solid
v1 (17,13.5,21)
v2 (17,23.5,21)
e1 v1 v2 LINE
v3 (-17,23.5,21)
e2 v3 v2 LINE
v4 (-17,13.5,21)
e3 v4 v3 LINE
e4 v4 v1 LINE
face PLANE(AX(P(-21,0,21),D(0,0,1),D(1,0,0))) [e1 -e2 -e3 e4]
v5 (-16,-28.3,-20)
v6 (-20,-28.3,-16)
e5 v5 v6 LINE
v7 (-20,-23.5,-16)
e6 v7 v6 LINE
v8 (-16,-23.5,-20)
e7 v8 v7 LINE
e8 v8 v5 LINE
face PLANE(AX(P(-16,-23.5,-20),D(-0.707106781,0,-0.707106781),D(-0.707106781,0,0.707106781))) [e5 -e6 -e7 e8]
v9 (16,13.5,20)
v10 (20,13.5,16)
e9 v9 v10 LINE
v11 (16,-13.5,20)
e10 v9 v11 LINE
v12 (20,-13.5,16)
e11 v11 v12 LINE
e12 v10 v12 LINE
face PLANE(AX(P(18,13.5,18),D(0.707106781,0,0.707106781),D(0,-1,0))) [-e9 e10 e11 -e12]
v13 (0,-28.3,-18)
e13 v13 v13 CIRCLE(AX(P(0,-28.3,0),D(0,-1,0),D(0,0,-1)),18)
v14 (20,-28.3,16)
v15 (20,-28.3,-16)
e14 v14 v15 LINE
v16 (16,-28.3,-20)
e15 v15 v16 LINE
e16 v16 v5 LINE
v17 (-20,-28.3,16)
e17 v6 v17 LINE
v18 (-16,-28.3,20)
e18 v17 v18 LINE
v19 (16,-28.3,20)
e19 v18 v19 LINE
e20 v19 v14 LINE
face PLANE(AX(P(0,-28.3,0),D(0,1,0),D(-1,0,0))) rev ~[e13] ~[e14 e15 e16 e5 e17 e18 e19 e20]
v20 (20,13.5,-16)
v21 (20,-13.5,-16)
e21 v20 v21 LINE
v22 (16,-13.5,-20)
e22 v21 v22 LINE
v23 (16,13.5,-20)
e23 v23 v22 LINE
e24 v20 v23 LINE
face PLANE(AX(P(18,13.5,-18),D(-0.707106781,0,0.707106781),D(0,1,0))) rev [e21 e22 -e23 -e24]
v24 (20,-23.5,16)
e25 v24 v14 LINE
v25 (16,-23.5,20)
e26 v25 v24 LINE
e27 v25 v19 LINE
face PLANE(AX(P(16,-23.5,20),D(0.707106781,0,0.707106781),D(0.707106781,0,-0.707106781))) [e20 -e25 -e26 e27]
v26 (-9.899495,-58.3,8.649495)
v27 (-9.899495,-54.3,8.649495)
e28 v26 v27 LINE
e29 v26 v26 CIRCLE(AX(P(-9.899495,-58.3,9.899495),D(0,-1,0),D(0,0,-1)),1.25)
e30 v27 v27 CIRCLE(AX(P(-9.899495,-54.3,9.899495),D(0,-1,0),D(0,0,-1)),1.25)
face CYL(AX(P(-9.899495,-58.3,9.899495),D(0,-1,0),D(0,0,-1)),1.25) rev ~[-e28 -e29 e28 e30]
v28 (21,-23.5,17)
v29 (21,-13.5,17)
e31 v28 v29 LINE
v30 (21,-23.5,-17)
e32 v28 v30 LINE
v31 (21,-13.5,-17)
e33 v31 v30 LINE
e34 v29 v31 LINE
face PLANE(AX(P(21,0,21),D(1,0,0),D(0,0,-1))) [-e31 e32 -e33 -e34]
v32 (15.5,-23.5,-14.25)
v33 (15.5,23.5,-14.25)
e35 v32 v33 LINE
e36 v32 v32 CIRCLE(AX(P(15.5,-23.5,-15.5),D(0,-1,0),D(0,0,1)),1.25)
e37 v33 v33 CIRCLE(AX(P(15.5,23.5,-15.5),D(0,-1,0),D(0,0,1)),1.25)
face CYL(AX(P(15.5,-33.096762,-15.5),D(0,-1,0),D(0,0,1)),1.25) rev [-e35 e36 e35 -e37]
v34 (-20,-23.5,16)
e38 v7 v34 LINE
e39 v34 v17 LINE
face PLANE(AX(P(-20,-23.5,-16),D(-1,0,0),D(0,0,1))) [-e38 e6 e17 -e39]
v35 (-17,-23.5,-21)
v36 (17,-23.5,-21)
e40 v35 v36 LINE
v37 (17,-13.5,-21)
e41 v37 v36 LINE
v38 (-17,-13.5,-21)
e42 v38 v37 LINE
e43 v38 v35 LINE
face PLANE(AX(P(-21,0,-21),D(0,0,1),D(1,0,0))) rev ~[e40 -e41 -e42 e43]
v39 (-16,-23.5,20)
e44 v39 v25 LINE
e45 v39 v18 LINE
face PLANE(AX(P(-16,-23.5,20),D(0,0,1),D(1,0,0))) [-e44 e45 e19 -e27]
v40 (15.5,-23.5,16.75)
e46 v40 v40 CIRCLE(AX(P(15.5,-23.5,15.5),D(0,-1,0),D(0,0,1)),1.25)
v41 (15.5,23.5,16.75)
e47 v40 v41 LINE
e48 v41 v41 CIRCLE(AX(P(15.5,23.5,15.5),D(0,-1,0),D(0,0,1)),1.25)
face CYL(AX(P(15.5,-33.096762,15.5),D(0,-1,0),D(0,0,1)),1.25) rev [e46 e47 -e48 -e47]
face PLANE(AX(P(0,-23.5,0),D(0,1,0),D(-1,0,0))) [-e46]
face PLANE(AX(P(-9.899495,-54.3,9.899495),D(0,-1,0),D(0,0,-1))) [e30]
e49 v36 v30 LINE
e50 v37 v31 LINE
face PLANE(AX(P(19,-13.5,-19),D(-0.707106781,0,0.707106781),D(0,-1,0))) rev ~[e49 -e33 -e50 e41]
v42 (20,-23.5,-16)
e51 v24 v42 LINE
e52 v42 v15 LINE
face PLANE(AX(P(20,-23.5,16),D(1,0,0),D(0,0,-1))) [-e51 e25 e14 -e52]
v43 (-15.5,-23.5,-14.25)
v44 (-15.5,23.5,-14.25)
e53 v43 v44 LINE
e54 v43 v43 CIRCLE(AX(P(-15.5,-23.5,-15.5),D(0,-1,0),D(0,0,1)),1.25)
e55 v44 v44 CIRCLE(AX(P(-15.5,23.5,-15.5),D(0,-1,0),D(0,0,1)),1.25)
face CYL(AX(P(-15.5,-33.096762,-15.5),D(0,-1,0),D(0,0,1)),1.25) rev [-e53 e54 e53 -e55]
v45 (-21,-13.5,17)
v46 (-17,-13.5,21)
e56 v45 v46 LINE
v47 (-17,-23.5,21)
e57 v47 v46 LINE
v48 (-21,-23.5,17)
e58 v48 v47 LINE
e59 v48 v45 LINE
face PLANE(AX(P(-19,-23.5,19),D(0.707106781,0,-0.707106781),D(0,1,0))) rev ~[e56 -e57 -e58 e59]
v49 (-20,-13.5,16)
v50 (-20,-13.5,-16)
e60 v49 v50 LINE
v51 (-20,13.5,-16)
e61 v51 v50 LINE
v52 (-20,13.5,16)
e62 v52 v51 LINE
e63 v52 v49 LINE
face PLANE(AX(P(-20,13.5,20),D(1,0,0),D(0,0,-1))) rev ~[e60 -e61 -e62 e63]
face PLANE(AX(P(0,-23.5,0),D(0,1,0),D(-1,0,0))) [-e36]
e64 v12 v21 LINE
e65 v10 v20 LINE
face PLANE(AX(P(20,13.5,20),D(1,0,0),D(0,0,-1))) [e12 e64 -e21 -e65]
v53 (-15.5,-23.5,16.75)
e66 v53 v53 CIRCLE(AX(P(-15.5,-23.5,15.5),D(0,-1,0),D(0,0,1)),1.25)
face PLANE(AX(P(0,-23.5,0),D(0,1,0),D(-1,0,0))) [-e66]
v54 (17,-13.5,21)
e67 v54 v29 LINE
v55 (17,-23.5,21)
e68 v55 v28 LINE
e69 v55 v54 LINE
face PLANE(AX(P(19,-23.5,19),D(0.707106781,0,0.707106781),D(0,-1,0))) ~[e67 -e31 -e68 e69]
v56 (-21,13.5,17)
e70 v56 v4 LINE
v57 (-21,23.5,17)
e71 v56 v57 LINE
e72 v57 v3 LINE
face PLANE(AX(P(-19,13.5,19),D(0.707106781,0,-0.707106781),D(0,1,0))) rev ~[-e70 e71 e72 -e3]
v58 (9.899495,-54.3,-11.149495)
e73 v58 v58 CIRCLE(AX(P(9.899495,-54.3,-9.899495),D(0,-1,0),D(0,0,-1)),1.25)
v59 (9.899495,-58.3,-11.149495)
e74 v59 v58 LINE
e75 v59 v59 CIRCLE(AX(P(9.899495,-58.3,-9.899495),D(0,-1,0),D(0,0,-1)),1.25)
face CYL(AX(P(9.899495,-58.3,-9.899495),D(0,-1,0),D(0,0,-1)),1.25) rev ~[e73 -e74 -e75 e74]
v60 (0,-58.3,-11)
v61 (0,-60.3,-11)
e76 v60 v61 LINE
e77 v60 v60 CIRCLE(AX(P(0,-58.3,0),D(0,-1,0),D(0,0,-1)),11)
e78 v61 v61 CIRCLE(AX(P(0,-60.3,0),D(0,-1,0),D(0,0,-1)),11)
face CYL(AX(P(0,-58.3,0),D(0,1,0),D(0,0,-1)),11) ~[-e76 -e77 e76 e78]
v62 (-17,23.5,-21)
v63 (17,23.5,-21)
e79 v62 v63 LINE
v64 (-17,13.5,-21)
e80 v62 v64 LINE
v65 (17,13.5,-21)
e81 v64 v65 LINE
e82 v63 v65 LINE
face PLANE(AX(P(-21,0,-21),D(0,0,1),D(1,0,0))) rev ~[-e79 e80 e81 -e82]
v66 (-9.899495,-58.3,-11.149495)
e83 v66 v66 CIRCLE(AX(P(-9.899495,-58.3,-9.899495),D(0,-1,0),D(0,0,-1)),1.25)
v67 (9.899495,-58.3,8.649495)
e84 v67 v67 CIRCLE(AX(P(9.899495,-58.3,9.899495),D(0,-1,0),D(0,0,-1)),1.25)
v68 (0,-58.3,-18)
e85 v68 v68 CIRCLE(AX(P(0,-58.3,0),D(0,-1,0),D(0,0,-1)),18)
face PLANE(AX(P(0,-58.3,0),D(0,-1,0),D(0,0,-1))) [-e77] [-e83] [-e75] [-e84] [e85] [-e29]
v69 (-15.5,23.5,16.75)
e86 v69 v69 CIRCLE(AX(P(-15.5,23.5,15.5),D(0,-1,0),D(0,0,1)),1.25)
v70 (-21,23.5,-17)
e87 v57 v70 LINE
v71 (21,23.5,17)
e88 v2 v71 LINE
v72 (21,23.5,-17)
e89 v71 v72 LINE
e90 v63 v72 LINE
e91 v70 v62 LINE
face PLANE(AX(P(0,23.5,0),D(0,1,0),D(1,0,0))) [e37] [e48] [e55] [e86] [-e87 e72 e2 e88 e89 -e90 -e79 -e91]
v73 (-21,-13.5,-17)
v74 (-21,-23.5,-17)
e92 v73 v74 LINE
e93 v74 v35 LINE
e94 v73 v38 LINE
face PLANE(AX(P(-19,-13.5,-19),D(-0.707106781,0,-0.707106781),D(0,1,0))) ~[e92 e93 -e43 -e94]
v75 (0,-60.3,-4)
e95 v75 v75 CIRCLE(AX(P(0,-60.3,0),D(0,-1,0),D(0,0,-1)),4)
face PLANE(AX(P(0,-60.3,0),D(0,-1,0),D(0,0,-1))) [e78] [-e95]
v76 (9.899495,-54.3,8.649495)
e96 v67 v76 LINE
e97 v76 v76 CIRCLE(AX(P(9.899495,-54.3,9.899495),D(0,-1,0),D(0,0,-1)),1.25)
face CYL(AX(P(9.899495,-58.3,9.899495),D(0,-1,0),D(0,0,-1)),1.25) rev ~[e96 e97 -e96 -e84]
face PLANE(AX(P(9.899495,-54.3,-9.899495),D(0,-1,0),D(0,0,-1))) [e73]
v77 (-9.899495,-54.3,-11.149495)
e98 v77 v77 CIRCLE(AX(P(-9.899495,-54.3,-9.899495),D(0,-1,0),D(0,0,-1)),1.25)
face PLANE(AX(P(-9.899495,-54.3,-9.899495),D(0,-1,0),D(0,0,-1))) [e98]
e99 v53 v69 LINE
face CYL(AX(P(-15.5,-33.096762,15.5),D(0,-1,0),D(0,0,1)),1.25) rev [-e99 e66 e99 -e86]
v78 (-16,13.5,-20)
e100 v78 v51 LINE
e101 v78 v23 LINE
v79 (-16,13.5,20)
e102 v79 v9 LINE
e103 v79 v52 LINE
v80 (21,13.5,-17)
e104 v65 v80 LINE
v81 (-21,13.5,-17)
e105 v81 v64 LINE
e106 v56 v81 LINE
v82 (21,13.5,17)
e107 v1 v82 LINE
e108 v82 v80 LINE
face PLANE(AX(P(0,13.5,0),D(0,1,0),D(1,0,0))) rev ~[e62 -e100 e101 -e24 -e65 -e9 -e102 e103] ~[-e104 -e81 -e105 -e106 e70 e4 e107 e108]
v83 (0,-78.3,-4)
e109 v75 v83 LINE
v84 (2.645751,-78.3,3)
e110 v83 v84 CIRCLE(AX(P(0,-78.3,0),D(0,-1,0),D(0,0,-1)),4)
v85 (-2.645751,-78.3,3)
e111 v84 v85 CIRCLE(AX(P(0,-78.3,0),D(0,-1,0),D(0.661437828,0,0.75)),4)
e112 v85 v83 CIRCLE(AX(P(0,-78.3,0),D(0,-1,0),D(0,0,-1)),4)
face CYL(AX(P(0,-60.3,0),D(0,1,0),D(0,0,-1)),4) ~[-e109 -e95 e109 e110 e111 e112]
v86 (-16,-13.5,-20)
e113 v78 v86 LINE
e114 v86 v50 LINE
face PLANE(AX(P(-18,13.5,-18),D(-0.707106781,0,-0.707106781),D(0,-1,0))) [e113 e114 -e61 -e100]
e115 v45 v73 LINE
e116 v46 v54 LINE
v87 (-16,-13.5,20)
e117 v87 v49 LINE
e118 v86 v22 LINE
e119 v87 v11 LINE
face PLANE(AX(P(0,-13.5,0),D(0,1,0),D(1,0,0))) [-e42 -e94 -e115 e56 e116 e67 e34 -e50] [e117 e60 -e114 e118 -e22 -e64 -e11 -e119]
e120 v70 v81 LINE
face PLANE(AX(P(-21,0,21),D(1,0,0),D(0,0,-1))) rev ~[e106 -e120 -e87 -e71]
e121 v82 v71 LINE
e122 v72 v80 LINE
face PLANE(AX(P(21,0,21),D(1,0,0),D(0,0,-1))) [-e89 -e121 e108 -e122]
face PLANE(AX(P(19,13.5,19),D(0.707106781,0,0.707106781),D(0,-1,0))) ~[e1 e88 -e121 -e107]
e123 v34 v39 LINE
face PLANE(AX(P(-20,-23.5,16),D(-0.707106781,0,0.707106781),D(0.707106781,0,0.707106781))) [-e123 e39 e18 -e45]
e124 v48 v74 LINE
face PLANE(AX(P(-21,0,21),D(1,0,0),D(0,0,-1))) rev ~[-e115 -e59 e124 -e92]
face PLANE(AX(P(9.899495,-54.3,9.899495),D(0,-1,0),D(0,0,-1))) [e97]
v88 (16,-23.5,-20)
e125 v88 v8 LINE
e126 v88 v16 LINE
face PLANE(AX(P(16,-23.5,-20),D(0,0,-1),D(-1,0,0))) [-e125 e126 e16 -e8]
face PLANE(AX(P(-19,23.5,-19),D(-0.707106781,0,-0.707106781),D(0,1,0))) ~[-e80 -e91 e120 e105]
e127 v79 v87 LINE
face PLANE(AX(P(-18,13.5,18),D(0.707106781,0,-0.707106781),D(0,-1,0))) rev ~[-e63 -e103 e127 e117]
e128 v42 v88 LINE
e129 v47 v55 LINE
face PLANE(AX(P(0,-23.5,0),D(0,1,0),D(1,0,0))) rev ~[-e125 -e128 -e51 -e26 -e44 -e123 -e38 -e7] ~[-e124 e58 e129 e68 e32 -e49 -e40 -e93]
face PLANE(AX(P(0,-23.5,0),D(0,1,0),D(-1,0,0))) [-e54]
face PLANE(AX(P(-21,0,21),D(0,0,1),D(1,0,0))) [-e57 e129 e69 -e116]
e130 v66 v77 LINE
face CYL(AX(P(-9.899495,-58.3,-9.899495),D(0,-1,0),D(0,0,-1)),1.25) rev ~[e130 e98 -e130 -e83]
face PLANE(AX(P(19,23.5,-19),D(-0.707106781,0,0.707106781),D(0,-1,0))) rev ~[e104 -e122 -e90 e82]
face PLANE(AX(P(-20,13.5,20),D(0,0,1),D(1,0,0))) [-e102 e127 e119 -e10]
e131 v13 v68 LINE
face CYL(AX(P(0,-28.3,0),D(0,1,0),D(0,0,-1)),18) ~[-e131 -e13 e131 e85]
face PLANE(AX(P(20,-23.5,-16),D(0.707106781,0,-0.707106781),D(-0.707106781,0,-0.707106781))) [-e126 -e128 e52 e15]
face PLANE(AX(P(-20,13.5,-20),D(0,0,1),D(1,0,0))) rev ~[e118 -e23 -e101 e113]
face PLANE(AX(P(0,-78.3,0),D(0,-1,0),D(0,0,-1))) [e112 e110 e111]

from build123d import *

# Parameters (mm, degrees)
SKETCH1_W               = 42
SKETCH1_H               = 42
BOSS_EXTRUDE1_DEPTH     = 23.5
CUT_EXTRUDE1_START      = -10
SKETCH2_W               = 42
SKETCH2_H               = 42
SKETCH2_W_2             = 40
SKETCH2_H_2             = 40
CUT_EXTRUDE1_DEPTH      = 27
CHAMFER1_SIZE           = 4
CUT_EXTRUDE2_DEPTH      = 56.596762496
CUT_EXTRUDE2_DEPTH_BACK = 56.596762496
SKETCH4_R               = 1.25
BOSS_EXTRUDE2_DEPTH     = 4.8
SKETCH6_R               = 18
BOSS_EXTRUDE3_DEPTH     = 30
SKETCH7_R               = 1.25
CUT_EXTRUDE3_DEPTH      = 4
SKETCH8_R               = 11
BOSS_EXTRUDE4_DEPTH     = 2
SKETCH9_R               = 4
BOSS_EXTRUDE5_DEPTH     = 18
BOSS_EXTRUDE6_START     = -15
BOSS_EXTRUDE6_DEPTH     = 15


with BuildPart() as part:
    # Sketch1 → Boss-Extrude1 (new, symmetric)
    with BuildSketch(Plane(origin=(0, 0, 0), x_dir=(1, 0, 0), z_dir=(0, 1, 0))):
        Rectangle(SKETCH1_W, SKETCH1_H)
    extrude(amount=BOSS_EXTRUDE1_DEPTH, both=True)

    # Sketch2 → Cut-Extrude1 (cut)
    with BuildSketch(Plane(origin=(0, 23.5, 0), x_dir=(1, 0, 0), z_dir=(0, 1, 0)).offset(CUT_EXTRUDE1_START)):
        Rectangle(SKETCH2_W, SKETCH2_H)
        Rectangle(SKETCH2_W_2, SKETCH2_H_2, mode=Mode.SUBTRACT)
    extrude(amount=-CUT_EXTRUDE1_DEPTH, mode=Mode.SUBTRACT)

    # Chamfer1
    chamfer1_edges = [part.edges().sort_by_distance(p)[0] for p in [
        (-21, -18.5, -21),
        (21, -18.5, -21),
        (21, -18.5, 21),
        (-21, -18.5, 21),
        (20, 0, -20),
        (20, 0, 20),
        (-20, 0, 20),
        (-20, 0, -20),
        (-21, 18.5, -21),
        (21, 18.5, -21),
        (21, 18.5, 21),
        (-21, 18.5, 21),
    ]]
    chamfer(chamfer1_edges, length=CHAMFER1_SIZE)

    # Sketch4 → Cut-Extrude2 (cut, two sides: drawn at the far end of the back side and taken through both)
    with BuildSketch(Plane(origin=(0, 23.5, 0), x_dir=(1, 0, 0), z_dir=(0, 1, 0)).offset(-CUT_EXTRUDE2_DEPTH_BACK)):
        with Locations(Location((15.5, 15.5, 0), (0, 0, 270))):
            Circle(SKETCH4_R)
        with Locations(Location((15.5, -15.5, 0), (0, 0, 270))):
            Circle(SKETCH4_R)
        with Locations(Location((-15.5, -15.5, 0), (0, 0, 270))):
            Circle(SKETCH4_R)
        with Locations(Location((-15.5, 15.5, 0), (0, 0, 270))):
            Circle(SKETCH4_R)
    extrude(amount=CUT_EXTRUDE2_DEPTH + CUT_EXTRUDE2_DEPTH_BACK, mode=Mode.SUBTRACT)

    # Sketch5 → Boss-Extrude2 (add)
    with BuildSketch(Plane.XZ.offset(23.5)):
        Polygon((-20, 16), (-16, 20), (16, 20), (20, 16), (20, -16), (16, -20), (-16, -20), (-20, -16), align=None)
    extrude(amount=BOSS_EXTRUDE2_DEPTH)

    # Sketch6 → Boss-Extrude3 (add)
    with BuildSketch(Plane.XZ.offset(28.3)):
        with Locations(Location((0, 0, 0), (0, 0, 270))):
            Circle(SKETCH6_R)
    extrude(amount=BOSS_EXTRUDE3_DEPTH)

    # Sketch7 → Cut-Extrude3 (cut)
    with BuildSketch(Plane.XZ.offset(58.3)):
        with Locations(Location((-9.899494937, 9.899494937, 0), (0, 0, 270))):
            Circle(SKETCH7_R)
        with Locations(Location((9.899494937, 9.899494937, 0), (0, 0, 270))):
            Circle(SKETCH7_R)
        with Locations(Location((9.899494937, -9.899494937, 0), (0, 0, 270))):
            Circle(SKETCH7_R)
        with Locations(Location((-9.899494937, -9.899494937, 0), (0, 0, 270))):
            Circle(SKETCH7_R)
    extrude(amount=-CUT_EXTRUDE3_DEPTH, mode=Mode.SUBTRACT)

    # Sketch8 → Boss-Extrude4 (add)
    with BuildSketch(Plane.XZ.offset(58.3)):
        with Locations(Location((0, 0, 0), (0, 0, 270))):
            Circle(SKETCH8_R)
    extrude(amount=BOSS_EXTRUDE4_DEPTH)

    # Sketch9 → Boss-Extrude5 (add)
    with BuildSketch(Plane.XZ.offset(60.3)):
        with Locations(Location((0, 0, 0), (0, 0, 270))):
            Circle(SKETCH9_R)
    extrude(amount=BOSS_EXTRUDE5_DEPTH)

    # Sketch10 → Boss-Extrude6 (add)
    with BuildSketch(Plane.XZ.offset(78.3).offset(BOSS_EXTRUDE6_START)):
        with BuildLine():
            Line((-2.645751311, 3), (2.645751311, 3))
            ThreePointArc((2.645751311, 3), (0, 4), (-2.645751311, 3))
        make_face()
    extrude(amount=BOSS_EXTRUDE6_DEPTH)


solid = part.part
